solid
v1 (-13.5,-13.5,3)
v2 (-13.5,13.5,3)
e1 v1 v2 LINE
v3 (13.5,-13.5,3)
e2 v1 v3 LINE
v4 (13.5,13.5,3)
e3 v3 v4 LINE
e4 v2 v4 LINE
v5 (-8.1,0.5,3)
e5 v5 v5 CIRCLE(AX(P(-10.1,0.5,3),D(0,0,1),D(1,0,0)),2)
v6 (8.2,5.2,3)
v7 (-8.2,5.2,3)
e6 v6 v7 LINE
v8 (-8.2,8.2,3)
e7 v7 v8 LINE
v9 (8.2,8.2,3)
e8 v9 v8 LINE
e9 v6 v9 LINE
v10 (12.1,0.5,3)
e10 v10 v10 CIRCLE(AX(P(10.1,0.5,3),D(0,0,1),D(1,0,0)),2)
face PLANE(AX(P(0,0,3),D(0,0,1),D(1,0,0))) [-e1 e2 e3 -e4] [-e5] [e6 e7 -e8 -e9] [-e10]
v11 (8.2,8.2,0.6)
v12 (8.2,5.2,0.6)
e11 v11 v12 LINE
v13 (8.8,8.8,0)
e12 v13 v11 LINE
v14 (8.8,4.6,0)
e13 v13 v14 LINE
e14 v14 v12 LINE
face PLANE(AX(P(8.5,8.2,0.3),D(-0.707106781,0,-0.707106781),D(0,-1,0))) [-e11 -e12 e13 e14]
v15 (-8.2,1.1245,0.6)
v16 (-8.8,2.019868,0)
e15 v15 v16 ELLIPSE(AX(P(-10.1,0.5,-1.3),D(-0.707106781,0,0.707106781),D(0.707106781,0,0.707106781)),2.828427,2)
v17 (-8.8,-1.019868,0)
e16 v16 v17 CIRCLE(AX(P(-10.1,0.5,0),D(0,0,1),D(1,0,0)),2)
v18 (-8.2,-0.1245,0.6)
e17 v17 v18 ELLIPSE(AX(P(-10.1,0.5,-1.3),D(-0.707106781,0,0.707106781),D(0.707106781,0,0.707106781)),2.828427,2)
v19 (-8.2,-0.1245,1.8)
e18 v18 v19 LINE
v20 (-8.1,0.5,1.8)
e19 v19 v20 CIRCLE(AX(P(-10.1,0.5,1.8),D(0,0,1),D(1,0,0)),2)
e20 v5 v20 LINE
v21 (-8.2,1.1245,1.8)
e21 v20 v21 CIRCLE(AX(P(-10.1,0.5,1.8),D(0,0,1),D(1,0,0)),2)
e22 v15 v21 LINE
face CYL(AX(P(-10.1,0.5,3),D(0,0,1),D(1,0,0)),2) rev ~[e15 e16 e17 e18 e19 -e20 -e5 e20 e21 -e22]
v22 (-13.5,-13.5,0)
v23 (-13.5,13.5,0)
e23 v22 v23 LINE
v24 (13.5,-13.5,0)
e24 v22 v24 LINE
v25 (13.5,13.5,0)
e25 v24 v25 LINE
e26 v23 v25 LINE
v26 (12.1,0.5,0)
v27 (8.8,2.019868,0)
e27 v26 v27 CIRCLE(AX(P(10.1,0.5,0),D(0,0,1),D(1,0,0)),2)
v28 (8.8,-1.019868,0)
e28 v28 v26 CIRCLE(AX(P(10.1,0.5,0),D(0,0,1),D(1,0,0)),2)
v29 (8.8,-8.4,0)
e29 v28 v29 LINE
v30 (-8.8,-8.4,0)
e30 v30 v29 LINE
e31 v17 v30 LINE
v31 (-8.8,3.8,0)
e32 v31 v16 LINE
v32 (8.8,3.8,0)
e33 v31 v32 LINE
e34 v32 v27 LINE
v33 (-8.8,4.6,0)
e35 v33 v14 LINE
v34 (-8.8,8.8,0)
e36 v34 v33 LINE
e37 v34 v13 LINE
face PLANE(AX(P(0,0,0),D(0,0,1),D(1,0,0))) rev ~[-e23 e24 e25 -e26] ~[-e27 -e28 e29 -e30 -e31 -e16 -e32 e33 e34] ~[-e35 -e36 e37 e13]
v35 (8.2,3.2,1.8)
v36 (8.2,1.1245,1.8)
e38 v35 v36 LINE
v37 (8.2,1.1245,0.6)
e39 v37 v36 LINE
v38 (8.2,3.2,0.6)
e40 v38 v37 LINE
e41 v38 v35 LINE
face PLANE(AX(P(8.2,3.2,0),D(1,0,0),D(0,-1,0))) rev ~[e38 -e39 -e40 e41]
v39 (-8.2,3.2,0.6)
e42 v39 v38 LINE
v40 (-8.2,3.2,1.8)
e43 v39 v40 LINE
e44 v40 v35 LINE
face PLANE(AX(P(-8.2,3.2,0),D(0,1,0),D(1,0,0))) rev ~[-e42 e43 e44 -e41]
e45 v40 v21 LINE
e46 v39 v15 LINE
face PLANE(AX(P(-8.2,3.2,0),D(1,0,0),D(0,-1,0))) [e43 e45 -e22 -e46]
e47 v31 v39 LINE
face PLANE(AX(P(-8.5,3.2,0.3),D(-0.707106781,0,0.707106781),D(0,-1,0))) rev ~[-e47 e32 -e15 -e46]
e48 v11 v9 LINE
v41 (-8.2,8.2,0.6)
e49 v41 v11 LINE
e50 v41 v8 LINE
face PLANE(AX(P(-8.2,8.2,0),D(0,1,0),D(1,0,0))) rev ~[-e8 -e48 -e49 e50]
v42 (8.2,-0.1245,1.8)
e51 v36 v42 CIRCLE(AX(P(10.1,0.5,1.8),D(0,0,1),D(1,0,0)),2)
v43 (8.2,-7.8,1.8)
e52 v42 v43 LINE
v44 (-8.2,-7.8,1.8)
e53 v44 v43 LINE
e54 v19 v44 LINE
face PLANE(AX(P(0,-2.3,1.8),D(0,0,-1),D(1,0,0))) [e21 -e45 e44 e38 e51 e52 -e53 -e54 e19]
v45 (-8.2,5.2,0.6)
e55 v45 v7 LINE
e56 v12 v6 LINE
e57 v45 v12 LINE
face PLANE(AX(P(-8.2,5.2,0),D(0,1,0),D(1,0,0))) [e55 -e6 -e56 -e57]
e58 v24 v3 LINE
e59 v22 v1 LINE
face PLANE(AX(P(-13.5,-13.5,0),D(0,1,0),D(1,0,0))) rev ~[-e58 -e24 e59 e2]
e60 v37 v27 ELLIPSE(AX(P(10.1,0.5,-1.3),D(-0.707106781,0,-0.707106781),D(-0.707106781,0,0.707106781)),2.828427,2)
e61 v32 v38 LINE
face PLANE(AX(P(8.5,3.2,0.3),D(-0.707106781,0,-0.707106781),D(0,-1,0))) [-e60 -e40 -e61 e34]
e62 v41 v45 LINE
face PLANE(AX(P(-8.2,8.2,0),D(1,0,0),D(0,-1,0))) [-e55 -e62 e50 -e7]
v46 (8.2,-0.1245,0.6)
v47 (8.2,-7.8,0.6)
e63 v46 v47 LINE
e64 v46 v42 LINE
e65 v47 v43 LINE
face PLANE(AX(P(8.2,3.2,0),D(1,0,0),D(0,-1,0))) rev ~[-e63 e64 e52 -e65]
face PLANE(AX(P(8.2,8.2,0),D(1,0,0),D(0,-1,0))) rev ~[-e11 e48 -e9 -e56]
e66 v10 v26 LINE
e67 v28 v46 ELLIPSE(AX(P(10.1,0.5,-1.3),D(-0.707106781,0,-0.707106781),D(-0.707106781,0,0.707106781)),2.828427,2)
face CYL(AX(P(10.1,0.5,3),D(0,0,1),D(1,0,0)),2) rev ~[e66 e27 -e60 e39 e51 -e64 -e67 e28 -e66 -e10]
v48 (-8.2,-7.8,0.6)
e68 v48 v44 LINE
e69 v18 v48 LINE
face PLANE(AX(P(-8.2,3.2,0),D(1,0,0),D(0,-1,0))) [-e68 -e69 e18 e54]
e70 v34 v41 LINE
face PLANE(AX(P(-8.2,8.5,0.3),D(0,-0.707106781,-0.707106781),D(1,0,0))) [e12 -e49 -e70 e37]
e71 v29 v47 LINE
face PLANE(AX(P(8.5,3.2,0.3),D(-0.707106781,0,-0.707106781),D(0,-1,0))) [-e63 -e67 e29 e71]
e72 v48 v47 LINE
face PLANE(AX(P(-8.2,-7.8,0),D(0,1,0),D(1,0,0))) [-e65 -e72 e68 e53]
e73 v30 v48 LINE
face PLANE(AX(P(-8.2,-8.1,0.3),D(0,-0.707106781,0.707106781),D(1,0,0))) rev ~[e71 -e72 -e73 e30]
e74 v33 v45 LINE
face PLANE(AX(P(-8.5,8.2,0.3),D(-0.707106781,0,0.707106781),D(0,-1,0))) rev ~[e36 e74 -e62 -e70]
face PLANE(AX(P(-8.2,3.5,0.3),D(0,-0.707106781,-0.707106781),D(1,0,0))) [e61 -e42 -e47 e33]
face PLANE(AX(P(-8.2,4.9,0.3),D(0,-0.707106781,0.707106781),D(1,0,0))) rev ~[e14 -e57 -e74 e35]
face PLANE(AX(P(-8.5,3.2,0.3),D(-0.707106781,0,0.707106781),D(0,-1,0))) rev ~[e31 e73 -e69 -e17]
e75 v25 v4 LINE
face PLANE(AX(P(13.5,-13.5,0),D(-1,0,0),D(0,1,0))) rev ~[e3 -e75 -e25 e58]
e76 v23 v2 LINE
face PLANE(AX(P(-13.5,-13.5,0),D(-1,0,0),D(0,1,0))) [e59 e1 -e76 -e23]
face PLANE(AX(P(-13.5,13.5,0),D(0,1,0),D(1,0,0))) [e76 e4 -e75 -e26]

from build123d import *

# Parameters (mm, degrees)
SKETCH_W        = 27
SKETCH_H        = 27
PAD_DEPTH       = 3
SKETCH001_W     = 16.4
SKETCH001_H     = 3
POCKET_DEPTH    = 5
SKETCH002_W     = 16.4
SKETCH002_H     = 11
POCKET001_DEPTH = 1.8
CHAMFER_SIZE    = 0.6
SKETCH003_R     = 2
POCKET002_DEPTH = 3.001


with BuildPart() as part:
    # Sketch → Pad (new body)
    with BuildSketch(Plane.XY):
        Rectangle(SKETCH_W, SKETCH_H)
    extrude(amount=PAD_DEPTH)

    # Sketch001 (on Face5 of Pad) → Pocket (cut)
    with BuildSketch(Plane(origin=(0, 0, 0), x_dir=(1, 0, 0), z_dir=(0, 0, -1))):
        with Locations((0, -6.7)):
            Rectangle(SKETCH001_W, SKETCH001_H)
    extrude(amount=-POCKET_DEPTH, mode=Mode.SUBTRACT)

    # Sketch002 (on Face4 of Pocket) → Pocket001 (cut)
    with BuildSketch(Plane(origin=(0, 0, 0), x_dir=(1, 0, 0), z_dir=(0, 0, -1))):
        with Locations((0, 2.3)):
            Rectangle(SKETCH002_W, SKETCH002_H)
    extrude(amount=-POCKET001_DEPTH, mode=Mode.SUBTRACT)

    # Chamfer
    chamfer_edges = [part.edges().sort_by_distance(p)[0] for p in [
        (8.2, -2.3, 0),
        (0, -7.8, 0),
        (-8.2, -2.3, 0),
        (0, 3.2, 0),
        (0, 5.2, 0),
        (8.2, 6.7, 0),
        (0, 8.2, 0),
        (-8.2, 6.7, 0),
    ]]
    chamfer(chamfer_edges, length=CHAMFER_SIZE)

    # Sketch003 (on Face18 of Chamfer) → Pocket002 (cut, through all)
    with BuildSketch(Plane.XY.offset(3)):
        with Locations((-10.1, 0.5)):
            Circle(SKETCH003_R)
        with Locations((10.1, 0.5)):
            Circle(SKETCH003_R)
    extrude(amount=-POCKET002_DEPTH, mode=Mode.SUBTRACT)


solid = part.part
